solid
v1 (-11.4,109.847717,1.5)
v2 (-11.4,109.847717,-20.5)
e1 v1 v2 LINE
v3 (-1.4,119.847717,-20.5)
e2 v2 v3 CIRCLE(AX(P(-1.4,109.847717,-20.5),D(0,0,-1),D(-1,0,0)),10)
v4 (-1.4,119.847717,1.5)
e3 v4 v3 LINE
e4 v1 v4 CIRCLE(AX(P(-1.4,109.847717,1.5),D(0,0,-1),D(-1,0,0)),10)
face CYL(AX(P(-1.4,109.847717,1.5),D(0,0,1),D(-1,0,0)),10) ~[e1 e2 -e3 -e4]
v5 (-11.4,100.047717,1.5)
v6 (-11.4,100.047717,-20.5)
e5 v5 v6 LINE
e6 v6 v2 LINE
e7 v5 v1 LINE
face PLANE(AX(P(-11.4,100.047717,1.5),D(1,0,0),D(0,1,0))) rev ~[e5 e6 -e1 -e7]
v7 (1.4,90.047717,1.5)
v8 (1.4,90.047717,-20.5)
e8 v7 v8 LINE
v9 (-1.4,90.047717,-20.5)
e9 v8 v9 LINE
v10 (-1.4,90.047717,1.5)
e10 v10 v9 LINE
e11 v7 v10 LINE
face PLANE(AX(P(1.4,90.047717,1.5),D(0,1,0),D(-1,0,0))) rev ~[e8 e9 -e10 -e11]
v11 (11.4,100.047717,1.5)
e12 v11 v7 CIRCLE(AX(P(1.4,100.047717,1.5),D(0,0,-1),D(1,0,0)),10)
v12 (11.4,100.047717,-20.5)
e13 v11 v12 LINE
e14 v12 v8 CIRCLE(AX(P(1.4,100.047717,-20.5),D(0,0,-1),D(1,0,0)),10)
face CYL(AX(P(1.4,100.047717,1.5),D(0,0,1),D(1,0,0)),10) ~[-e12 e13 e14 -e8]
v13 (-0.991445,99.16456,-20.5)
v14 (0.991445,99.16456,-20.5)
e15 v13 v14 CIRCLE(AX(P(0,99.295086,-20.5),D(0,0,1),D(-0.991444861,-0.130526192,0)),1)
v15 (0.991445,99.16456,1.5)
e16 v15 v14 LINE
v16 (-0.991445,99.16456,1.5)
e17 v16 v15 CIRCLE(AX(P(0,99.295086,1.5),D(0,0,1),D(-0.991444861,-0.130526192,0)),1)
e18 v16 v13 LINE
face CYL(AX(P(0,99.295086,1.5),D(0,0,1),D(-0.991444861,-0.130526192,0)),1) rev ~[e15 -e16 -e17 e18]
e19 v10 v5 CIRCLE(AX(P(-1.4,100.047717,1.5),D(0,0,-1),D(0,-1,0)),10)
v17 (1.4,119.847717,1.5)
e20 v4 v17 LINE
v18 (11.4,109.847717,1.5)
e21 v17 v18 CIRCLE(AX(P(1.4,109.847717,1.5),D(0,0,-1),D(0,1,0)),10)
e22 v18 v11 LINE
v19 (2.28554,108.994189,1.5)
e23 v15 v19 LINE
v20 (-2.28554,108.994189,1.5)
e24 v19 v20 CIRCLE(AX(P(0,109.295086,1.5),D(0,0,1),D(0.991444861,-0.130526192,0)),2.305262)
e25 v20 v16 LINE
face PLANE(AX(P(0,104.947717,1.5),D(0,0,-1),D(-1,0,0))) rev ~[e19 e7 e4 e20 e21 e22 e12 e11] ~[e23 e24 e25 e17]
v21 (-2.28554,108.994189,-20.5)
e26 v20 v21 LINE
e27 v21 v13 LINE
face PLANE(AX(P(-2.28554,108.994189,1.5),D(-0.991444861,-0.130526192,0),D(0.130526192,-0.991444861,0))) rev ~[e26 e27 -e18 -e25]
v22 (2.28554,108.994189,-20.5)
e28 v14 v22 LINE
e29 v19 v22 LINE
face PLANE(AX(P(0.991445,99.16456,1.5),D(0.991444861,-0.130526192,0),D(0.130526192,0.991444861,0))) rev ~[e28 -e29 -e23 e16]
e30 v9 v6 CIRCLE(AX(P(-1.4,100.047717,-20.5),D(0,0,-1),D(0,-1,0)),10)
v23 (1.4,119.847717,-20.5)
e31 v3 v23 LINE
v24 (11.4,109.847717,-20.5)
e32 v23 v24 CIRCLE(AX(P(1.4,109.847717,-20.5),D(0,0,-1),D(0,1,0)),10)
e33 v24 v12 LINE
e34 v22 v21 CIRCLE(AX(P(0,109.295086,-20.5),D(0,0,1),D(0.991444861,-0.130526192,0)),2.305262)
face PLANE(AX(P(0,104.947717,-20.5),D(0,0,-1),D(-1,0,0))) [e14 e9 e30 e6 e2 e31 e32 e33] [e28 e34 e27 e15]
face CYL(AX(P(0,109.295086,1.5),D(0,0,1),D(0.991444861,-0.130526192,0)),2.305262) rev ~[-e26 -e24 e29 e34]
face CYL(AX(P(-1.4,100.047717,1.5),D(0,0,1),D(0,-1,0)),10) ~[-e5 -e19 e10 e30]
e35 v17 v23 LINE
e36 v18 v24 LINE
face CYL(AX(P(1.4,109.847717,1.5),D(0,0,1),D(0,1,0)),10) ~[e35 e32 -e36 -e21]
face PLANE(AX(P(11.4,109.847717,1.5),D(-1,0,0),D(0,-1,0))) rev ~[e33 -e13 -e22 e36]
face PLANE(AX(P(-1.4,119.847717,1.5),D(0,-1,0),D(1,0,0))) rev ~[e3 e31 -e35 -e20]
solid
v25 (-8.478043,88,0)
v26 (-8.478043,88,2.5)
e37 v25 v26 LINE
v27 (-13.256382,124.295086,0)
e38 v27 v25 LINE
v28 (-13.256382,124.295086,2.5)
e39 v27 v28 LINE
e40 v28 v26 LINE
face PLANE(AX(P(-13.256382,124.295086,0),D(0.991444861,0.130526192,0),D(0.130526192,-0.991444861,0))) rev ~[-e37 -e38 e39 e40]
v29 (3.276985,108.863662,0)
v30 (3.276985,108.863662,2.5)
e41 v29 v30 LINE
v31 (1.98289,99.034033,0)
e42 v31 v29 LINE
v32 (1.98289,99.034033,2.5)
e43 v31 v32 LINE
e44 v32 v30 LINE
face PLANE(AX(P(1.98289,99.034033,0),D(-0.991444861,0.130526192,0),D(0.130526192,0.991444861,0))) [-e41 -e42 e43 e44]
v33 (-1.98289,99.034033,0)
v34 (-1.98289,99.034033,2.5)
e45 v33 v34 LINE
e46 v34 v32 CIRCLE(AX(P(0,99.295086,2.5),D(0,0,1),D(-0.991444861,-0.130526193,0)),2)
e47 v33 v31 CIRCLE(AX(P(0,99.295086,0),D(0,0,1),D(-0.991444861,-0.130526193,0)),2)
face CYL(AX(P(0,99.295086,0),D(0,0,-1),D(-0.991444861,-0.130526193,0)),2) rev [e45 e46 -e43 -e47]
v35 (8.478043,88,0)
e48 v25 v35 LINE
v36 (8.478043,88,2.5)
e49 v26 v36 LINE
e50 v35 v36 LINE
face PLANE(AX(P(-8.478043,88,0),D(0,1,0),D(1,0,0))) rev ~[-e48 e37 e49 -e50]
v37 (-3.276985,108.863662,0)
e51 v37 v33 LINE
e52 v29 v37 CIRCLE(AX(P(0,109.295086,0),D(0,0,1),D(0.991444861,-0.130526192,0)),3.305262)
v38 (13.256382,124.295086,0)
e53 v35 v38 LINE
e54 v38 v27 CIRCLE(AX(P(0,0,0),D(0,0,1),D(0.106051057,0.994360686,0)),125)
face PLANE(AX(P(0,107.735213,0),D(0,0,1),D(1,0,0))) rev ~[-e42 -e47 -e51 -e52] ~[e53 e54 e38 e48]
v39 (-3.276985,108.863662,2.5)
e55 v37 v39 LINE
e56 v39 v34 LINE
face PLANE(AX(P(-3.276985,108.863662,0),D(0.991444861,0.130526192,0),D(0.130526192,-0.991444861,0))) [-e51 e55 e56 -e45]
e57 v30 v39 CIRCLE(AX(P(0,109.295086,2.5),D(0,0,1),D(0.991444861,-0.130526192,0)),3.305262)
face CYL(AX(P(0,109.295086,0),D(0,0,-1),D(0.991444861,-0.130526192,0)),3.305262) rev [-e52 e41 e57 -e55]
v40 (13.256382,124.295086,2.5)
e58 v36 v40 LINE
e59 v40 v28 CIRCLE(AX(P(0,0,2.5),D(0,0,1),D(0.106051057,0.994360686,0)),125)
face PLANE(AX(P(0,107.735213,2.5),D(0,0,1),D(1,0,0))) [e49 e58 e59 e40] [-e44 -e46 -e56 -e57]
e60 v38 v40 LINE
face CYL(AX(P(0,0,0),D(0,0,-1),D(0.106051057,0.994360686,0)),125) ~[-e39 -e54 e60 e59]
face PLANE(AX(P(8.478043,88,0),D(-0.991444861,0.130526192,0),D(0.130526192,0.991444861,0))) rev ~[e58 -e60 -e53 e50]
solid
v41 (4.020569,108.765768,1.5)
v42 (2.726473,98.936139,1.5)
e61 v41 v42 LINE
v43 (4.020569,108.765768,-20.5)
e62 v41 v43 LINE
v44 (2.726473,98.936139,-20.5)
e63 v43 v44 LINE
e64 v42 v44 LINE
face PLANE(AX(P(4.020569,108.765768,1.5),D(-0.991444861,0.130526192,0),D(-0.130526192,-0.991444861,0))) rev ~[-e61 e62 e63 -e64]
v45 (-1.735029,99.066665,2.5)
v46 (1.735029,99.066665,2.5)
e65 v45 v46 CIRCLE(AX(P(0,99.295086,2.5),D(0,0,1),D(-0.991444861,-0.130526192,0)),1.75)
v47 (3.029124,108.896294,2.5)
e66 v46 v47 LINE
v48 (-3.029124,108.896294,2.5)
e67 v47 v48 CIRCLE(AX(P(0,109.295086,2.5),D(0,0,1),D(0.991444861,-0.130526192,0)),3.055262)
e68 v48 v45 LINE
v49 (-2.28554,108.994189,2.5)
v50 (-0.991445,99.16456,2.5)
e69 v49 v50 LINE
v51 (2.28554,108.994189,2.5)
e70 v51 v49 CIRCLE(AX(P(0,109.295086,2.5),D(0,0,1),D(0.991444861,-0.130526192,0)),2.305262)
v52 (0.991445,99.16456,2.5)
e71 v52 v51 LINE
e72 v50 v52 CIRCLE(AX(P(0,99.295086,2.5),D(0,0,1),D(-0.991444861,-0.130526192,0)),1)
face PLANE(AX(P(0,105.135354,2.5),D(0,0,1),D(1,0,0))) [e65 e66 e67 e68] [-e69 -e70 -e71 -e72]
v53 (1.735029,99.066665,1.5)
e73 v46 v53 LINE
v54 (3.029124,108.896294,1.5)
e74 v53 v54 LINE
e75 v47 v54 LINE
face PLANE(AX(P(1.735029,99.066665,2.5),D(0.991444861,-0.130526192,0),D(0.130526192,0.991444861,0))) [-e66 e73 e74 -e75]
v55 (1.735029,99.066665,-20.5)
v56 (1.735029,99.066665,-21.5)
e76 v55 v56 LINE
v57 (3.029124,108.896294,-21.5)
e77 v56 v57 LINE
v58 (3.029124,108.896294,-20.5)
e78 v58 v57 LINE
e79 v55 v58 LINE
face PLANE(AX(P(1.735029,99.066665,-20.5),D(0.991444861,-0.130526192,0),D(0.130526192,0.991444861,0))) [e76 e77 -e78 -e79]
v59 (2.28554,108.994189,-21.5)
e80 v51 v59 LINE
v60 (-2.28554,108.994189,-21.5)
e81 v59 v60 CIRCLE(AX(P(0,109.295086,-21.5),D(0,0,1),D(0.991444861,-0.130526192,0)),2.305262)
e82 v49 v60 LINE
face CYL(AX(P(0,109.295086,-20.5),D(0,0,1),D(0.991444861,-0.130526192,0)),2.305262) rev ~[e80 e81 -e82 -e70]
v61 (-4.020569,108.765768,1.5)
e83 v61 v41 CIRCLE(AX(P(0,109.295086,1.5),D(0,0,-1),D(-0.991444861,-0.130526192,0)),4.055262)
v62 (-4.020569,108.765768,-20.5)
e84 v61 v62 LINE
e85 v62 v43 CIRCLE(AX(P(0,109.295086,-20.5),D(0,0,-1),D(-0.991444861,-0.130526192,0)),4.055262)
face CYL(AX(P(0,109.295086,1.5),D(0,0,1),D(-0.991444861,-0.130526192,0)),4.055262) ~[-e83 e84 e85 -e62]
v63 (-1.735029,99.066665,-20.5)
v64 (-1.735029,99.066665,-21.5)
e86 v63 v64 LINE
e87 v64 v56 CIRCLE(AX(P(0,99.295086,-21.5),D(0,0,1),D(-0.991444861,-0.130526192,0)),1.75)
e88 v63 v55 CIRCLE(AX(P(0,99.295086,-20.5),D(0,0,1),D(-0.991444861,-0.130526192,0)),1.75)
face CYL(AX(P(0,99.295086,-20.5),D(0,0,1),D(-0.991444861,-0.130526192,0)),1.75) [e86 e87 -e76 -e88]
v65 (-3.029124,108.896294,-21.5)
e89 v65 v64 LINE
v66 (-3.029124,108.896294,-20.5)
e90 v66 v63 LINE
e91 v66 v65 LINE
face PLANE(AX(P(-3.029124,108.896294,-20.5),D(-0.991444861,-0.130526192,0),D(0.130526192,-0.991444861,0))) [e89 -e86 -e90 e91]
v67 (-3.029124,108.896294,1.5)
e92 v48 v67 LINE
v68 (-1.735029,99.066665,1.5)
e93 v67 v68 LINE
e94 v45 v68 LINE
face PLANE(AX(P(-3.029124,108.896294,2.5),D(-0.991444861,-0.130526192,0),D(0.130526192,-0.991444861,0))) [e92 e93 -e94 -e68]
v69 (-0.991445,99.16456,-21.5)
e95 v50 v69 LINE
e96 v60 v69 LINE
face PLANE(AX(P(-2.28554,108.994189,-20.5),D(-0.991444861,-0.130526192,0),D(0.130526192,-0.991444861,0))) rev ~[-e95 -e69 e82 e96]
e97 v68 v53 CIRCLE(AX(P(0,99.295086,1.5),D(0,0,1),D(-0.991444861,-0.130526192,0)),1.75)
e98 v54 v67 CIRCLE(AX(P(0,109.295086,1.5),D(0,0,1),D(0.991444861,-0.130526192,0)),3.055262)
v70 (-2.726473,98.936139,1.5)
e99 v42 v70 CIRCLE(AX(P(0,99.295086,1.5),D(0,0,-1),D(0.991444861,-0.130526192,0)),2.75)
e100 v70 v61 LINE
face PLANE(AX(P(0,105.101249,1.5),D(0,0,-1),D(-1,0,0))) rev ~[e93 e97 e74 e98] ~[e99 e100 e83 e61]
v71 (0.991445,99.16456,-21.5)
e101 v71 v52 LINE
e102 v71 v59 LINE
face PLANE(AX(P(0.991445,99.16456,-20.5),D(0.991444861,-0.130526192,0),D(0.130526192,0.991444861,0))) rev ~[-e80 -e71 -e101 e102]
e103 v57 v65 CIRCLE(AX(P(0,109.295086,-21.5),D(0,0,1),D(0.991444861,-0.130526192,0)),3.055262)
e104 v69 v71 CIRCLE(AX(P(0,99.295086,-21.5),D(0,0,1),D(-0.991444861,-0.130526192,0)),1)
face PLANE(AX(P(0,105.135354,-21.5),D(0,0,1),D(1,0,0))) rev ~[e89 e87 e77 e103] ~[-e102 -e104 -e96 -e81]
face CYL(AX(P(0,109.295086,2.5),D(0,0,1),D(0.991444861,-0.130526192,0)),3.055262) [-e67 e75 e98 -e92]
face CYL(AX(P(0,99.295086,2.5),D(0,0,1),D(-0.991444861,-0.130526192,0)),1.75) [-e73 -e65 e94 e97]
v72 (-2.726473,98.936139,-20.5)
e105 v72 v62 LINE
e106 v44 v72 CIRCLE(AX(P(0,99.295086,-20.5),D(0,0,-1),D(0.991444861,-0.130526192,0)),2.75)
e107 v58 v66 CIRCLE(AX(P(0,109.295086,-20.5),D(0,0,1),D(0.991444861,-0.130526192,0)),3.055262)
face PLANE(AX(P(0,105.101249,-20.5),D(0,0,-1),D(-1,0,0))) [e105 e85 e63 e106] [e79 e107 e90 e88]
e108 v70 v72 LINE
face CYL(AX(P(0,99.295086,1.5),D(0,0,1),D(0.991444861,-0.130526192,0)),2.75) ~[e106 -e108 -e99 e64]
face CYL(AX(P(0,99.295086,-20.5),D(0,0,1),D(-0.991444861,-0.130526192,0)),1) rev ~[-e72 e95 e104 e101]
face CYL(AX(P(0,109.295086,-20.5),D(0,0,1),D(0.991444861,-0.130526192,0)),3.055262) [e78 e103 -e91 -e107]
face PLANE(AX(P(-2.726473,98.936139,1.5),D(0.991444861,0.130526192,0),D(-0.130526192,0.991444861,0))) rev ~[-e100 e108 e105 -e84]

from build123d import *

# Parameters (mm, degrees)
BOSS_EXTRUDE1_DEPTH = 2.5
BOSS_EXTRUDE2_DEPTH = 1
BOSS_EXTRUDE3_DEPTH = 22
BOSS_EXTRUDE4_START = -23
BOSS_EXTRUDE4_DEPTH = 1
BOSS_EXTRUDE5_DEPTH = 22


with BuildPart() as part:
    # Sketch2 → Boss-Extrude1 (new body)
    with BuildSketch(Plane.XY):
        with BuildLine():
            Line((-8.478043415, 88), (8.478043415, 88))
            Line((8.478043415, 88), (13.2563821, 124.295085718))
            ThreePointArc((13.2563821, 124.295085718), (0, 125), (-13.2563821, 124.295085718))
            Line((-13.2563821, 124.295085718), (-8.478043415, 88))
        make_face()
        with BuildLine():
            Line((-3.276984948, 108.863662465), (-1.982889723, 99.034033333))
            ThreePointArc((-1.982889723, 99.034033333), (0, 97.295085718), (1.982889723, 99.034033333))
            Line((1.982889723, 99.034033333), (3.276984948, 108.863662465))
            ThreePointArc((3.276984948, 108.863662465), (0, 112.60034764), (-3.276984948, 108.863662465))
        make_face(mode=Mode.SUBTRACT)
    extrude(amount=BOSS_EXTRUDE1_DEPTH)


with BuildPart() as body_2:
    # Sketch4 → Boss-Extrude2 (new body)
    with BuildSketch(Plane.XY.offset(2.5)):
        with BuildLine():
            Line((-3.029123733, 108.896294013), (-1.735028507, 99.066664882))
            ThreePointArc((-1.735028507, 99.066664882), (0, 97.545085718), (1.735028507, 99.066664882))
            Line((1.735028507, 99.066664882), (3.029123733, 108.896294013))
            ThreePointArc((3.029123733, 108.896294013), (0, 112.35034764), (-3.029123733, 108.896294013))
        make_face()
        with BuildLine():
            Line((0.991444861, 99.164559526), (2.285540087, 108.994188657))
            ThreePointArc((2.285540087, 108.994188657), (0, 111.60034764), (-2.285540087, 108.994188657))
            Line((-2.285540087, 108.994188657), (-0.991444861, 99.164559526))
            ThreePointArc((-0.991444861, 99.164559526), (0, 98.295085718), (0.991444861, 99.164559526))
        make_face(mode=Mode.SUBTRACT)
    extrude(amount=-BOSS_EXTRUDE2_DEPTH)

    # Sketch6 → Boss-Extrude3 (add)
    with BuildSketch(Plane(origin=(0, 0, 1.5), x_dir=(-1, 0, 0), z_dir=(0, 0, -1))):
        with BuildLine():
            Line((2.726473369, 98.936138689), (4.020568594, 108.765767821))
            ThreePointArc((4.020568594, 108.765767821), (0, 113.35034764), (-4.020568594, 108.765767821))
            Line((-4.020568594, 108.765767821), (-2.726473369, 98.936138689))
            ThreePointArc((-2.726473369, 98.936138689), (0, 96.545085718), (2.726473369, 98.936138689))
        make_face()
        with BuildLine():
            Line((2.285540087, 108.994188657), (0.991444861, 99.164559526))
            ThreePointArc((0.991444861, 99.164559526), (0, 98.295085718), (-0.991444861, 99.164559526))
            Line((-0.991444861, 99.164559526), (-2.285540087, 108.994188657))
            ThreePointArc((-2.285540087, 108.994188657), (0, 111.60034764), (2.285540087, 108.994188657))
        make_face(mode=Mode.SUBTRACT)
    extrude(amount=BOSS_EXTRUDE3_DEPTH)

    # Sketch7 → Boss-Extrude4 (add)
    with BuildSketch(Plane.XY.offset(2.5).offset(BOSS_EXTRUDE4_START)):
        with BuildLine():
            Line((1.735028507, 99.066664882), (3.029123733, 108.896294013))
            ThreePointArc((3.029123733, 108.896294013), (0, 112.35034764), (-3.029123733, 108.896294013))
            Line((-3.029123733, 108.896294013), (-1.735028507, 99.066664882))
            ThreePointArc((-1.735028507, 99.066664882), (0, 97.545085718), (1.735028507, 99.066664882))
        make_face()
        with BuildLine():
            Line((0.991444861, 99.164559526), (2.285540087, 108.994188657))
            ThreePointArc((2.285540087, 108.994188657), (0, 111.60034764), (-2.285540087, 108.994188657))
            Line((-2.285540087, 108.994188657), (-0.991444861, 99.164559526))
            ThreePointArc((-0.991444861, 99.164559526), (0, 98.295085718), (0.991444861, 99.164559526))
        make_face(mode=Mode.SUBTRACT)
    extrude(amount=-BOSS_EXTRUDE4_DEPTH)


with BuildPart() as body_3:
    # Sketch9 → Boss-Extrude5 (new body)
    with BuildSketch(Plane.XY.offset(1.5)):
        with BuildLine():
            Line((-1.4, 119.847716679), (1.4, 119.847716679))
            ThreePointArc((1.4, 119.847716679), (8.471067812, 116.918784491), (11.4, 109.847716679))
            Line((11.4, 109.847716679), (11.4, 100.047716679))
            ThreePointArc((11.4, 100.047716679), (8.471067812, 92.976648867), (1.4, 90.047716679))
            Line((1.4, 90.047716679), (-1.4, 90.047716679))
            ThreePointArc((-1.4, 90.047716679), (-8.471067812, 92.976648867), (-11.4, 100.047716679))
            Line((-11.4, 100.047716679), (-11.4, 109.847716679))
            ThreePointArc((-11.4, 109.847716679), (-8.471067812, 116.918784491), (-1.4, 119.847716679))
        make_face()
        with BuildLine():
            Line((0.991444861, 99.164559526), (2.285540087, 108.994188657))
            ThreePointArc((2.285540087, 108.994188657), (0, 111.60034764), (-2.285540087, 108.994188657))
            Line((-2.285540087, 108.994188657), (-0.991444861, 99.164559526))
            ThreePointArc((-0.991444861, 99.164559526), (0, 98.295085718), (0.991444861, 99.164559526))
        make_face(mode=Mode.SUBTRACT)
    extrude(amount=-BOSS_EXTRUDE5_DEPTH)


solid = Compound([part.part, body_2.part, body_3.part])
